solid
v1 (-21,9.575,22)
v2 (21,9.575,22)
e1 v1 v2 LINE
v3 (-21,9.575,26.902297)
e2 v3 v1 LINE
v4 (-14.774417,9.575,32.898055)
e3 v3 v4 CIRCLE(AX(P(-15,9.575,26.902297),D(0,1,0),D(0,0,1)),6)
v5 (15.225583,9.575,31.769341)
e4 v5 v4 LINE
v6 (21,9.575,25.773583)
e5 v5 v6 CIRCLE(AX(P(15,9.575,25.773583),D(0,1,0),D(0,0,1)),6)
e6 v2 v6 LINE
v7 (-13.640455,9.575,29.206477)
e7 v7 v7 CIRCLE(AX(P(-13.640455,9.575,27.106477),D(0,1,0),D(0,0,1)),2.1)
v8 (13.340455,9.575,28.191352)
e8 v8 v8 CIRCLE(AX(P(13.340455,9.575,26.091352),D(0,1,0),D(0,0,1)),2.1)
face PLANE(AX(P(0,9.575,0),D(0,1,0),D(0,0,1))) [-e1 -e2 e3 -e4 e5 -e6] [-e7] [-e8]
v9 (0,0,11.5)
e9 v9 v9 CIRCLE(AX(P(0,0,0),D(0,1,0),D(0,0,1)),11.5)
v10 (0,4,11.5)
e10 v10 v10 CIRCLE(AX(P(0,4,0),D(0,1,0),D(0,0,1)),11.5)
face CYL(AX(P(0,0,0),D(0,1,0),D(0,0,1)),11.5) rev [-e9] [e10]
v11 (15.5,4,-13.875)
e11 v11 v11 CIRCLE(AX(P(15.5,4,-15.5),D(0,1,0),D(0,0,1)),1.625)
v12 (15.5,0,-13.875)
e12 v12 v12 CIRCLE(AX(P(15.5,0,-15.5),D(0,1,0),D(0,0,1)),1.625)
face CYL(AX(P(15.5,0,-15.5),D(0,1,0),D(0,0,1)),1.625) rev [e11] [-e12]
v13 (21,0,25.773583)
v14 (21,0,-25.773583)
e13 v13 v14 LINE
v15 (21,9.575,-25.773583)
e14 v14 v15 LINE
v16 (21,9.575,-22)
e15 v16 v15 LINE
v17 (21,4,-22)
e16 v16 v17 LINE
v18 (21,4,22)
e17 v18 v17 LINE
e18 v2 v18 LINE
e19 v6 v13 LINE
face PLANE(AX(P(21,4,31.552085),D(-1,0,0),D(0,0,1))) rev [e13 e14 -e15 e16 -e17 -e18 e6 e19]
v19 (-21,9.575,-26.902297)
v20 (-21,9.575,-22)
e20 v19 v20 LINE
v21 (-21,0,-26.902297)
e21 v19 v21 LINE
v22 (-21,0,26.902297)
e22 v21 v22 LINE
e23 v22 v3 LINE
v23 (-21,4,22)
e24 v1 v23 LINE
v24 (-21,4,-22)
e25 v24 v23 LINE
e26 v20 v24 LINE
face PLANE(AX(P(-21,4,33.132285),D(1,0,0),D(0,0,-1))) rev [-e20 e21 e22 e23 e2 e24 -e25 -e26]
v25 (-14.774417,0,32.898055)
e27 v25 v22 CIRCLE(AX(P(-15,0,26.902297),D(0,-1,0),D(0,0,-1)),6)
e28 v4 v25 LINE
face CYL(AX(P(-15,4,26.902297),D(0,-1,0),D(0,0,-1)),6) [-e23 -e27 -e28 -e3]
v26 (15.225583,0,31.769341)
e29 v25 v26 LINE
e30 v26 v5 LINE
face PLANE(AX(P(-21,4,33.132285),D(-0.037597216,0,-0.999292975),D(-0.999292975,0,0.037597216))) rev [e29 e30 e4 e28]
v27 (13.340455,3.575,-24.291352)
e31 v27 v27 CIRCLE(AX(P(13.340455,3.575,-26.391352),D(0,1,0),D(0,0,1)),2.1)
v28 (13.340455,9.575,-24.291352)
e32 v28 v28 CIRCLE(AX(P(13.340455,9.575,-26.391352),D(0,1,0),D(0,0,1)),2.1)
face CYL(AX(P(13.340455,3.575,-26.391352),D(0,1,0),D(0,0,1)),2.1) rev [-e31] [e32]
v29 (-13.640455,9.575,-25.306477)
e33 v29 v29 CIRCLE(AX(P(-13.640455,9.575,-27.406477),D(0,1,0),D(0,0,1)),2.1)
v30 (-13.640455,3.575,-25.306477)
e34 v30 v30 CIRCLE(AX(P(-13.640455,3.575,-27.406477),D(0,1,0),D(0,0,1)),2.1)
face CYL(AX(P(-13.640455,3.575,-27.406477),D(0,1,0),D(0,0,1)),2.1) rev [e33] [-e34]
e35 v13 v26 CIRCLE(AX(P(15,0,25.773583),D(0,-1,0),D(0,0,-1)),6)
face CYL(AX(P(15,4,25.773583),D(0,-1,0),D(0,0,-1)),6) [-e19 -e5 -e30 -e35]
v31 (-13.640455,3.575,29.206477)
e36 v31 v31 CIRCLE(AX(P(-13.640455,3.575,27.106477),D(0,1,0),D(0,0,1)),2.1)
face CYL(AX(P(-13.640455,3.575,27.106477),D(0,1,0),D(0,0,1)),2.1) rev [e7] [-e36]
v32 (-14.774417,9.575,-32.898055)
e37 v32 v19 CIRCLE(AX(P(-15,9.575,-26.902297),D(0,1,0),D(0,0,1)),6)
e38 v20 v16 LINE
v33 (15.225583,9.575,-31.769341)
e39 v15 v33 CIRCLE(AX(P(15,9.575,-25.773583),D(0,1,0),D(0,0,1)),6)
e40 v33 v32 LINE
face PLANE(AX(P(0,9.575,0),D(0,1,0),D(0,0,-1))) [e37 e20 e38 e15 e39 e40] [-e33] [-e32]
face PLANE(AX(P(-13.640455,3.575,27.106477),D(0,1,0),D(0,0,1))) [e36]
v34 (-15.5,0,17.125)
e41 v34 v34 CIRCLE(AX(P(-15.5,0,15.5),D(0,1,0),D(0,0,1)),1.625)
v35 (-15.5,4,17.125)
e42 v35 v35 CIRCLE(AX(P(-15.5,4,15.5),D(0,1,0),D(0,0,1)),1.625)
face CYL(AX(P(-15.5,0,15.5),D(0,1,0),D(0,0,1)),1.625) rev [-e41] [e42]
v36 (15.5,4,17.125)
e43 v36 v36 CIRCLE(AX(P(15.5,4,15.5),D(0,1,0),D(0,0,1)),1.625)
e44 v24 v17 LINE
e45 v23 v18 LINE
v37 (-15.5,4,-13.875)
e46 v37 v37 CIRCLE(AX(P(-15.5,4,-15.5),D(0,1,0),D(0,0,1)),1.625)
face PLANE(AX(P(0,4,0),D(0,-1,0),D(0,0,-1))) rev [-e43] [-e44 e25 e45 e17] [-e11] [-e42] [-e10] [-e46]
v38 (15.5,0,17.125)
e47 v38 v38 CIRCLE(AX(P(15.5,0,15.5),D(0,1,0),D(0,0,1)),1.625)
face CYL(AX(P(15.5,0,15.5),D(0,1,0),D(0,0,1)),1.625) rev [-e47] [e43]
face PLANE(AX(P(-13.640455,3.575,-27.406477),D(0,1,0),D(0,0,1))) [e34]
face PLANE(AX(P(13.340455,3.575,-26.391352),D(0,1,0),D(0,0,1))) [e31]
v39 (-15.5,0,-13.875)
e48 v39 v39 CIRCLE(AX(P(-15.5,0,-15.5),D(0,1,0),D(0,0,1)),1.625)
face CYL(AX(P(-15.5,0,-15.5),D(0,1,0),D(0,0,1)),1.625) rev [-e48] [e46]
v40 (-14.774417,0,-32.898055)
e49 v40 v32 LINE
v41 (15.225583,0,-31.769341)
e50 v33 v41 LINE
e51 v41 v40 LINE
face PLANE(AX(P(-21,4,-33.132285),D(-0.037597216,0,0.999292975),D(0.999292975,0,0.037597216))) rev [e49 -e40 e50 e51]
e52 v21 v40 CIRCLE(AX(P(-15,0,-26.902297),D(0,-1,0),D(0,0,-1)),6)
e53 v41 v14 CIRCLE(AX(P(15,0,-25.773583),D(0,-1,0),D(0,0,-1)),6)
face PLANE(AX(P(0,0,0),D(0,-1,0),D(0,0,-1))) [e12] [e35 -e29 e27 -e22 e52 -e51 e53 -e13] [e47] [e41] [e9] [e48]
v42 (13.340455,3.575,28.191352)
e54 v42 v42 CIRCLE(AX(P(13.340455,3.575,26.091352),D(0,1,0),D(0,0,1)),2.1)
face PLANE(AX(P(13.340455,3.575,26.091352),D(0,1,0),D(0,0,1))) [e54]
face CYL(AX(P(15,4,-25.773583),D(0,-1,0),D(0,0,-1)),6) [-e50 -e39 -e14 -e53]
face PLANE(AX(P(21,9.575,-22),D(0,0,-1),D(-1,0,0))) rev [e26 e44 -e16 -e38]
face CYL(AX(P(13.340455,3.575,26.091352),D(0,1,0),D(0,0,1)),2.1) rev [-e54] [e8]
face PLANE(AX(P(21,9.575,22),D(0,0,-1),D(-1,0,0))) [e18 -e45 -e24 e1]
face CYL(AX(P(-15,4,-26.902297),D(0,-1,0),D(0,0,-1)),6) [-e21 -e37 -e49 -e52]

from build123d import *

# Parameters (mm, degrees)
BOSS_EXTRUDE1_DEPTH = 4
SKETCH3_R           = 11.5
CUT_EXTRUDE1_DEPTH  = 40.430297181
SKETCH4_R           = 1.625
CUT_EXTRUDE2_DEPTH  = 40.430297181
BOSS_EXTRUDE2_DEPTH = 5.575
SKETCH7_R           = 2.1
CUT_EXTRUDE3_DEPTH  = 6
FILLET1_R           = 6


with BuildPart() as part:
    # Sketch1 → Boss-Extrude1 (new body)
    with BuildSketch(Plane(origin=(0, 0, 0), x_dir=(1, 0, 0), z_dir=(0, 1, 0))):
        Polygon((-21, -33.132285399), (21, -31.552085087), (21, 31.552085087), (-21, 33.132285399), align=None)
    extrude(amount=BOSS_EXTRUDE1_DEPTH)

    # Sketch3 → Cut-Extrude1 (cut, through all)
    with BuildSketch(Plane(origin=(0, 4, 0), x_dir=(1, 0, 0), z_dir=(0, 1, 0))):
        with Locations(Location((0, 0, 0), (0, 0, 270))):
            Circle(SKETCH3_R)
    extrude(amount=-CUT_EXTRUDE1_DEPTH, mode=Mode.SUBTRACT)

    # Sketch4 → Cut-Extrude2 (cut, through all)
    with BuildSketch(Plane(origin=(0, 4, 0), x_dir=(1, 0, 0), z_dir=(0, 1, 0))):
        with Locations(Location((-15.5, 15.5, 0), (0, 0, 270))):
            Circle(SKETCH4_R)
        with Locations(Location((15.5, 15.5, 0), (0, 0, 270))):
            Circle(SKETCH4_R)
        with Locations(Location((15.5, -15.5, 0), (0, 0, 270))):
            Circle(SKETCH4_R)
        with Locations(Location((-15.5, -15.5, 0), (0, 0, 270))):
            Circle(SKETCH4_R)
    extrude(amount=-CUT_EXTRUDE2_DEPTH, mode=Mode.SUBTRACT)

    # Sketch6 → Boss-Extrude2 (add)
    with BuildSketch(Plane.XZ.offset(-4)):
        Polygon((21, 22), (-21, 22), (-21, 33.132285399), (21, 31.552085087), align=None)
    boss_extrude2 = extrude(amount=-BOSS_EXTRUDE2_DEPTH)

    # Mirror1: Boss-Extrude2 across plane
    add(boss_extrude2.mirror(Plane.XY))

    # Sketch7 → Cut-Extrude3 (cut)
    with BuildSketch(Plane(origin=(0, 9.575, 0), x_dir=(1, 0, 0), z_dir=(0, 1, 0))):
        with Locations(Location((-13.640455159, -27.106476824, 0), (0, 0, 270))):
            Circle(SKETCH7_R)
        with Locations(Location((13.340455159, -26.091351992, 0), (0, 0, 270))):
            Circle(SKETCH7_R)
        with Locations(Location((13.340455159, 26.391351992, 0), (0, 0, 270))):
            Circle(SKETCH7_R)
        with Locations(Location((-13.640455159, 27.406476824, 0), (0, 0, 270))):
            Circle(SKETCH7_R)
    extrude(amount=-CUT_EXTRUDE3_DEPTH, mode=Mode.SUBTRACT)

    # Fillet1
    fillet1_edges = [part.edges().sort_by_distance(p)[0] for p in [
        (-21, 4.7875, -33.132285399),
        (21, 4.7875, -31.552085087),
        (21, 4.7875, 31.552085087),
        (-21, 4.7875, 33.132285399),
    ]]
    fillet(fillet1_edges, radius=FILLET1_R)


solid = part.part
